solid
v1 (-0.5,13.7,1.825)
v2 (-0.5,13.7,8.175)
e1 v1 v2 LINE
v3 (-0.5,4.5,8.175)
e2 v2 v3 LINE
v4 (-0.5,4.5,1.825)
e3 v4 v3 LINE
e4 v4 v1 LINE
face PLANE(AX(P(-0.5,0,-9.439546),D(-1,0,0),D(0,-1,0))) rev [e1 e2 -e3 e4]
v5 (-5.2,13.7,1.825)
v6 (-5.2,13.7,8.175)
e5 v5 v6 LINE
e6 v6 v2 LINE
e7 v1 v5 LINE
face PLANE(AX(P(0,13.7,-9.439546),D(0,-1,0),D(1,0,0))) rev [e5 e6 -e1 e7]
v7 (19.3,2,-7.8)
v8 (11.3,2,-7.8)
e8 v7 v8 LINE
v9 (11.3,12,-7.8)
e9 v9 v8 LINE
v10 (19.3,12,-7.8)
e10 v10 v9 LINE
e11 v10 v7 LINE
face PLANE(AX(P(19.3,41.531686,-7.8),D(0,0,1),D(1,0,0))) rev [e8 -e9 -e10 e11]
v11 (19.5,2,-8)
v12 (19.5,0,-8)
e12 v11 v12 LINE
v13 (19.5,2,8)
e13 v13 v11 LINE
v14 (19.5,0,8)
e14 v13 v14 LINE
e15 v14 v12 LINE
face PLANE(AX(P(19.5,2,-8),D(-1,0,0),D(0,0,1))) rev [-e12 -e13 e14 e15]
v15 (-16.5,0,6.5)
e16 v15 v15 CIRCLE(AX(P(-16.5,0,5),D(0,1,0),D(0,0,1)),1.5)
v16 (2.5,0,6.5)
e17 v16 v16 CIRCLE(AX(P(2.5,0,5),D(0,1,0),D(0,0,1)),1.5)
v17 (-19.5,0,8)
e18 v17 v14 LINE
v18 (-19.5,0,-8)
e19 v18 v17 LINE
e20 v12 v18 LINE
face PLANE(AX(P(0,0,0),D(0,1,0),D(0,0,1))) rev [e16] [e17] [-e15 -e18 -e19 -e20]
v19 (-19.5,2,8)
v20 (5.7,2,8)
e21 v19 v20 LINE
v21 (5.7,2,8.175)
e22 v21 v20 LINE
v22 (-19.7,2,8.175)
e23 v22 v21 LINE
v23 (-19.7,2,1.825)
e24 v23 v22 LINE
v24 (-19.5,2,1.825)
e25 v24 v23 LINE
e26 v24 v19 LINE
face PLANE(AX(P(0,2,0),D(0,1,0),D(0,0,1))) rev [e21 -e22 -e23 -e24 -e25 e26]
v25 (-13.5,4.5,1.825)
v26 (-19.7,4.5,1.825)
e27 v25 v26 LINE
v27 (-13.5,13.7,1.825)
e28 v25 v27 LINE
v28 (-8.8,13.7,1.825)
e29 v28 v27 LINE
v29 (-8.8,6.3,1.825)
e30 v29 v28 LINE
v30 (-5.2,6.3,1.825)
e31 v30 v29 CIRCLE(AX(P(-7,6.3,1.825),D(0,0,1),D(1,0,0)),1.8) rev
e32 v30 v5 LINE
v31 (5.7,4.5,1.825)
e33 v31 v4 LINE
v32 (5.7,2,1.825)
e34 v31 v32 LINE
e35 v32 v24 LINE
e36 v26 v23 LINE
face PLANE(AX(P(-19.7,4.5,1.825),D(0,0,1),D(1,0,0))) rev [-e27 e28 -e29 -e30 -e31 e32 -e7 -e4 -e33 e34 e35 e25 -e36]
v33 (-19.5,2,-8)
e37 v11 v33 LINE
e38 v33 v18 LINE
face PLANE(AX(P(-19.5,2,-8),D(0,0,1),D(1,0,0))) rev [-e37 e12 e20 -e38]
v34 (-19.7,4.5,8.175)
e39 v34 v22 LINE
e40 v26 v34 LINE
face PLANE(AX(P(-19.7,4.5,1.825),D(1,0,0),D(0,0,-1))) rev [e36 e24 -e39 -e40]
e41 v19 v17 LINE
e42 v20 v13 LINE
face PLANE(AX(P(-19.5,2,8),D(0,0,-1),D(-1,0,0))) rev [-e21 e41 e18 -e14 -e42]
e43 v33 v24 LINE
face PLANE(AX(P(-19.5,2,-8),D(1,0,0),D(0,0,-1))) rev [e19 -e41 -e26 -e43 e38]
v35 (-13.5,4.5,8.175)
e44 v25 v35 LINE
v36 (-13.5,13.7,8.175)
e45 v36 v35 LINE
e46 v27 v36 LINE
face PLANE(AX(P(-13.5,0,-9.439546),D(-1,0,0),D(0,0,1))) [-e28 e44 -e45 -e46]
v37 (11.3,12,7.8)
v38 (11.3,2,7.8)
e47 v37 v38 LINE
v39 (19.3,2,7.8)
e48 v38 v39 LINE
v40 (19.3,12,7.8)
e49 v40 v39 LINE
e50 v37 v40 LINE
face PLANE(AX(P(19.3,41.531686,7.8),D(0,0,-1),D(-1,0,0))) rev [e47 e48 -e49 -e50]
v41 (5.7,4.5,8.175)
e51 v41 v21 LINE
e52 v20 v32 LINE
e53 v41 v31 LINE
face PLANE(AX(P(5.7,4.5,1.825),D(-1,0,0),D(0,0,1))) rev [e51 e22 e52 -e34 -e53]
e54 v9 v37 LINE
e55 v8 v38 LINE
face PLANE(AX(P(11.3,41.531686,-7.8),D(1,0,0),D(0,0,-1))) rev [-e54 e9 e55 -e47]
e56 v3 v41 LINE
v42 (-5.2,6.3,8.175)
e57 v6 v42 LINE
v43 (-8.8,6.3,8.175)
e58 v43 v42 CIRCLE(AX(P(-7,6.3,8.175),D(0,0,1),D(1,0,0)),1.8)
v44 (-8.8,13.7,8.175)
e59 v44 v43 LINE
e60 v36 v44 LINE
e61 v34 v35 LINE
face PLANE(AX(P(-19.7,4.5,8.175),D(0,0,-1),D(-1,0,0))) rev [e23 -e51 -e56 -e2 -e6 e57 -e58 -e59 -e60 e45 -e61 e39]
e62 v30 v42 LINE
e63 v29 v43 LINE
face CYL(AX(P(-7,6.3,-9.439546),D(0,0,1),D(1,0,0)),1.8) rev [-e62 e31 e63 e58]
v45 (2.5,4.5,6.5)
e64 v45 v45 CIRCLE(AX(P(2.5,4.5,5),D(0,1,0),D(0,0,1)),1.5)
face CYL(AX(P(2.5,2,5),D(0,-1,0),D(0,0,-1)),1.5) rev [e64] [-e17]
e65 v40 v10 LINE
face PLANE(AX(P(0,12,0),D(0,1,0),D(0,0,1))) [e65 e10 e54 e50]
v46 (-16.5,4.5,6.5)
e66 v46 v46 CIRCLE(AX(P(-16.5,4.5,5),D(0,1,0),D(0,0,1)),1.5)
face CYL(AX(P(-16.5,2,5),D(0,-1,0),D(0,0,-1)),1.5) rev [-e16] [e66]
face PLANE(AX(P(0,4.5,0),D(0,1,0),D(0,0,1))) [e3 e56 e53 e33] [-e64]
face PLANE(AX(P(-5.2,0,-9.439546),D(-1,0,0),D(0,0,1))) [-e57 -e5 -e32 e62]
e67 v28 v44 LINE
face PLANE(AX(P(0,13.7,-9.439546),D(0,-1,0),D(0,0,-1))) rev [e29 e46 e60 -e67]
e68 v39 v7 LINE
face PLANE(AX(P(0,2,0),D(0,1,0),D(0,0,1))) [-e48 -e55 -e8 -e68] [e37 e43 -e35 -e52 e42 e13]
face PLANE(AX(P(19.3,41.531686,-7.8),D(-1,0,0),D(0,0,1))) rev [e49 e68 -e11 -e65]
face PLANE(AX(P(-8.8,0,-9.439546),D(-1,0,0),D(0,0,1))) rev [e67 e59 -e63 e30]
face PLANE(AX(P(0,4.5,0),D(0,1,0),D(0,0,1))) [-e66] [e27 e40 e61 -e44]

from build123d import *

# Parameters (mm, degrees)
SKETCH1_W           = 39
SKETCH1_H           = 16
SKETCH1_R           = 1.5
BOSS_EXTRUDE1_DEPTH = 2
SKETCH3_W           = 25.4
SKETCH3_H           = 6.35
SKETCH3_R           = 1.5
BOSS_EXTRUDE2_DEPTH = 2.5
BOSS_EXTRUDE3_DEPTH = 6.35
SKETCH5_W           = 8
SKETCH5_H           = 15.6
BOSS_EXTRUDE4_DEPTH = 10


with BuildPart() as part:
    # Sketch1 → Boss-Extrude1 (new body)
    with BuildSketch(Plane(origin=(0, 0, 0), x_dir=(1, 0, 0), z_dir=(0, 1, 0))):
        Rectangle(SKETCH1_W, SKETCH1_H)
        with Locations(Location((-16.5, -5, 0), (0, 0, 270))):
            Circle(SKETCH1_R, mode=Mode.SUBTRACT)
        with Locations(Location((2.5, -5, 0), (0, 0, 270))):
            Circle(SKETCH1_R, mode=Mode.SUBTRACT)
    extrude(amount=BOSS_EXTRUDE1_DEPTH)

    # Sketch3 → Boss-Extrude2 (add)
    with BuildSketch(Plane(origin=(0, 2, 0), x_dir=(1, 0, 0), z_dir=(0, 1, 0))):
        with Locations((-7, -5)):
            Rectangle(SKETCH3_W, SKETCH3_H)
        with Locations(Location((-16.5, -5, 0), (0, 0, 270))):
            Circle(SKETCH3_R, mode=Mode.SUBTRACT)
        with Locations(Location((2.5, -5, 0), (0, 0, 270))):
            Circle(SKETCH3_R, mode=Mode.SUBTRACT)
    extrude(amount=BOSS_EXTRUDE2_DEPTH)

    # Sketch4 → Boss-Extrude3 (add)
    with BuildSketch(Plane.XY.offset(8.175)):
        with BuildLine():
            Line((-8.8, 13.7), (-13.5, 13.7))
            Line((-13.5, 13.7), (-13.5, 4.5))
            Line((-13.5, 4.5), (-6.999999998, 4.5))
            ThreePointArc((-6.999999998, 4.5), (-8.272792205, 5.027207793), (-8.8, 6.3))
            Line((-8.8, 6.3), (-8.8, 13.7))
        make_face()
        with BuildLine():
            ThreePointArc((-5.2, 6.3), (-5.727207793, 5.027207795), (-6.999999998, 4.5))
            Line((-6.999999998, 4.5), (-0.5, 4.5))
            Line((-0.5, 4.5), (-0.5, 13.7))
            Line((-0.5, 13.7), (-5.2, 13.7))
            Line((-5.2, 13.7), (-5.2, 6.3))
        make_face()
    extrude(amount=-BOSS_EXTRUDE3_DEPTH)

    # Sketch5 → Boss-Extrude4 (add)
    with BuildSketch(Plane(origin=(0, 2, 0), x_dir=(1, 0, 0), z_dir=(0, 1, 0))):
        with Locations((15.3, 0)):
            Rectangle(SKETCH5_W, SKETCH5_H)
    extrude(amount=BOSS_EXTRUDE4_DEPTH)


solid = part.part
